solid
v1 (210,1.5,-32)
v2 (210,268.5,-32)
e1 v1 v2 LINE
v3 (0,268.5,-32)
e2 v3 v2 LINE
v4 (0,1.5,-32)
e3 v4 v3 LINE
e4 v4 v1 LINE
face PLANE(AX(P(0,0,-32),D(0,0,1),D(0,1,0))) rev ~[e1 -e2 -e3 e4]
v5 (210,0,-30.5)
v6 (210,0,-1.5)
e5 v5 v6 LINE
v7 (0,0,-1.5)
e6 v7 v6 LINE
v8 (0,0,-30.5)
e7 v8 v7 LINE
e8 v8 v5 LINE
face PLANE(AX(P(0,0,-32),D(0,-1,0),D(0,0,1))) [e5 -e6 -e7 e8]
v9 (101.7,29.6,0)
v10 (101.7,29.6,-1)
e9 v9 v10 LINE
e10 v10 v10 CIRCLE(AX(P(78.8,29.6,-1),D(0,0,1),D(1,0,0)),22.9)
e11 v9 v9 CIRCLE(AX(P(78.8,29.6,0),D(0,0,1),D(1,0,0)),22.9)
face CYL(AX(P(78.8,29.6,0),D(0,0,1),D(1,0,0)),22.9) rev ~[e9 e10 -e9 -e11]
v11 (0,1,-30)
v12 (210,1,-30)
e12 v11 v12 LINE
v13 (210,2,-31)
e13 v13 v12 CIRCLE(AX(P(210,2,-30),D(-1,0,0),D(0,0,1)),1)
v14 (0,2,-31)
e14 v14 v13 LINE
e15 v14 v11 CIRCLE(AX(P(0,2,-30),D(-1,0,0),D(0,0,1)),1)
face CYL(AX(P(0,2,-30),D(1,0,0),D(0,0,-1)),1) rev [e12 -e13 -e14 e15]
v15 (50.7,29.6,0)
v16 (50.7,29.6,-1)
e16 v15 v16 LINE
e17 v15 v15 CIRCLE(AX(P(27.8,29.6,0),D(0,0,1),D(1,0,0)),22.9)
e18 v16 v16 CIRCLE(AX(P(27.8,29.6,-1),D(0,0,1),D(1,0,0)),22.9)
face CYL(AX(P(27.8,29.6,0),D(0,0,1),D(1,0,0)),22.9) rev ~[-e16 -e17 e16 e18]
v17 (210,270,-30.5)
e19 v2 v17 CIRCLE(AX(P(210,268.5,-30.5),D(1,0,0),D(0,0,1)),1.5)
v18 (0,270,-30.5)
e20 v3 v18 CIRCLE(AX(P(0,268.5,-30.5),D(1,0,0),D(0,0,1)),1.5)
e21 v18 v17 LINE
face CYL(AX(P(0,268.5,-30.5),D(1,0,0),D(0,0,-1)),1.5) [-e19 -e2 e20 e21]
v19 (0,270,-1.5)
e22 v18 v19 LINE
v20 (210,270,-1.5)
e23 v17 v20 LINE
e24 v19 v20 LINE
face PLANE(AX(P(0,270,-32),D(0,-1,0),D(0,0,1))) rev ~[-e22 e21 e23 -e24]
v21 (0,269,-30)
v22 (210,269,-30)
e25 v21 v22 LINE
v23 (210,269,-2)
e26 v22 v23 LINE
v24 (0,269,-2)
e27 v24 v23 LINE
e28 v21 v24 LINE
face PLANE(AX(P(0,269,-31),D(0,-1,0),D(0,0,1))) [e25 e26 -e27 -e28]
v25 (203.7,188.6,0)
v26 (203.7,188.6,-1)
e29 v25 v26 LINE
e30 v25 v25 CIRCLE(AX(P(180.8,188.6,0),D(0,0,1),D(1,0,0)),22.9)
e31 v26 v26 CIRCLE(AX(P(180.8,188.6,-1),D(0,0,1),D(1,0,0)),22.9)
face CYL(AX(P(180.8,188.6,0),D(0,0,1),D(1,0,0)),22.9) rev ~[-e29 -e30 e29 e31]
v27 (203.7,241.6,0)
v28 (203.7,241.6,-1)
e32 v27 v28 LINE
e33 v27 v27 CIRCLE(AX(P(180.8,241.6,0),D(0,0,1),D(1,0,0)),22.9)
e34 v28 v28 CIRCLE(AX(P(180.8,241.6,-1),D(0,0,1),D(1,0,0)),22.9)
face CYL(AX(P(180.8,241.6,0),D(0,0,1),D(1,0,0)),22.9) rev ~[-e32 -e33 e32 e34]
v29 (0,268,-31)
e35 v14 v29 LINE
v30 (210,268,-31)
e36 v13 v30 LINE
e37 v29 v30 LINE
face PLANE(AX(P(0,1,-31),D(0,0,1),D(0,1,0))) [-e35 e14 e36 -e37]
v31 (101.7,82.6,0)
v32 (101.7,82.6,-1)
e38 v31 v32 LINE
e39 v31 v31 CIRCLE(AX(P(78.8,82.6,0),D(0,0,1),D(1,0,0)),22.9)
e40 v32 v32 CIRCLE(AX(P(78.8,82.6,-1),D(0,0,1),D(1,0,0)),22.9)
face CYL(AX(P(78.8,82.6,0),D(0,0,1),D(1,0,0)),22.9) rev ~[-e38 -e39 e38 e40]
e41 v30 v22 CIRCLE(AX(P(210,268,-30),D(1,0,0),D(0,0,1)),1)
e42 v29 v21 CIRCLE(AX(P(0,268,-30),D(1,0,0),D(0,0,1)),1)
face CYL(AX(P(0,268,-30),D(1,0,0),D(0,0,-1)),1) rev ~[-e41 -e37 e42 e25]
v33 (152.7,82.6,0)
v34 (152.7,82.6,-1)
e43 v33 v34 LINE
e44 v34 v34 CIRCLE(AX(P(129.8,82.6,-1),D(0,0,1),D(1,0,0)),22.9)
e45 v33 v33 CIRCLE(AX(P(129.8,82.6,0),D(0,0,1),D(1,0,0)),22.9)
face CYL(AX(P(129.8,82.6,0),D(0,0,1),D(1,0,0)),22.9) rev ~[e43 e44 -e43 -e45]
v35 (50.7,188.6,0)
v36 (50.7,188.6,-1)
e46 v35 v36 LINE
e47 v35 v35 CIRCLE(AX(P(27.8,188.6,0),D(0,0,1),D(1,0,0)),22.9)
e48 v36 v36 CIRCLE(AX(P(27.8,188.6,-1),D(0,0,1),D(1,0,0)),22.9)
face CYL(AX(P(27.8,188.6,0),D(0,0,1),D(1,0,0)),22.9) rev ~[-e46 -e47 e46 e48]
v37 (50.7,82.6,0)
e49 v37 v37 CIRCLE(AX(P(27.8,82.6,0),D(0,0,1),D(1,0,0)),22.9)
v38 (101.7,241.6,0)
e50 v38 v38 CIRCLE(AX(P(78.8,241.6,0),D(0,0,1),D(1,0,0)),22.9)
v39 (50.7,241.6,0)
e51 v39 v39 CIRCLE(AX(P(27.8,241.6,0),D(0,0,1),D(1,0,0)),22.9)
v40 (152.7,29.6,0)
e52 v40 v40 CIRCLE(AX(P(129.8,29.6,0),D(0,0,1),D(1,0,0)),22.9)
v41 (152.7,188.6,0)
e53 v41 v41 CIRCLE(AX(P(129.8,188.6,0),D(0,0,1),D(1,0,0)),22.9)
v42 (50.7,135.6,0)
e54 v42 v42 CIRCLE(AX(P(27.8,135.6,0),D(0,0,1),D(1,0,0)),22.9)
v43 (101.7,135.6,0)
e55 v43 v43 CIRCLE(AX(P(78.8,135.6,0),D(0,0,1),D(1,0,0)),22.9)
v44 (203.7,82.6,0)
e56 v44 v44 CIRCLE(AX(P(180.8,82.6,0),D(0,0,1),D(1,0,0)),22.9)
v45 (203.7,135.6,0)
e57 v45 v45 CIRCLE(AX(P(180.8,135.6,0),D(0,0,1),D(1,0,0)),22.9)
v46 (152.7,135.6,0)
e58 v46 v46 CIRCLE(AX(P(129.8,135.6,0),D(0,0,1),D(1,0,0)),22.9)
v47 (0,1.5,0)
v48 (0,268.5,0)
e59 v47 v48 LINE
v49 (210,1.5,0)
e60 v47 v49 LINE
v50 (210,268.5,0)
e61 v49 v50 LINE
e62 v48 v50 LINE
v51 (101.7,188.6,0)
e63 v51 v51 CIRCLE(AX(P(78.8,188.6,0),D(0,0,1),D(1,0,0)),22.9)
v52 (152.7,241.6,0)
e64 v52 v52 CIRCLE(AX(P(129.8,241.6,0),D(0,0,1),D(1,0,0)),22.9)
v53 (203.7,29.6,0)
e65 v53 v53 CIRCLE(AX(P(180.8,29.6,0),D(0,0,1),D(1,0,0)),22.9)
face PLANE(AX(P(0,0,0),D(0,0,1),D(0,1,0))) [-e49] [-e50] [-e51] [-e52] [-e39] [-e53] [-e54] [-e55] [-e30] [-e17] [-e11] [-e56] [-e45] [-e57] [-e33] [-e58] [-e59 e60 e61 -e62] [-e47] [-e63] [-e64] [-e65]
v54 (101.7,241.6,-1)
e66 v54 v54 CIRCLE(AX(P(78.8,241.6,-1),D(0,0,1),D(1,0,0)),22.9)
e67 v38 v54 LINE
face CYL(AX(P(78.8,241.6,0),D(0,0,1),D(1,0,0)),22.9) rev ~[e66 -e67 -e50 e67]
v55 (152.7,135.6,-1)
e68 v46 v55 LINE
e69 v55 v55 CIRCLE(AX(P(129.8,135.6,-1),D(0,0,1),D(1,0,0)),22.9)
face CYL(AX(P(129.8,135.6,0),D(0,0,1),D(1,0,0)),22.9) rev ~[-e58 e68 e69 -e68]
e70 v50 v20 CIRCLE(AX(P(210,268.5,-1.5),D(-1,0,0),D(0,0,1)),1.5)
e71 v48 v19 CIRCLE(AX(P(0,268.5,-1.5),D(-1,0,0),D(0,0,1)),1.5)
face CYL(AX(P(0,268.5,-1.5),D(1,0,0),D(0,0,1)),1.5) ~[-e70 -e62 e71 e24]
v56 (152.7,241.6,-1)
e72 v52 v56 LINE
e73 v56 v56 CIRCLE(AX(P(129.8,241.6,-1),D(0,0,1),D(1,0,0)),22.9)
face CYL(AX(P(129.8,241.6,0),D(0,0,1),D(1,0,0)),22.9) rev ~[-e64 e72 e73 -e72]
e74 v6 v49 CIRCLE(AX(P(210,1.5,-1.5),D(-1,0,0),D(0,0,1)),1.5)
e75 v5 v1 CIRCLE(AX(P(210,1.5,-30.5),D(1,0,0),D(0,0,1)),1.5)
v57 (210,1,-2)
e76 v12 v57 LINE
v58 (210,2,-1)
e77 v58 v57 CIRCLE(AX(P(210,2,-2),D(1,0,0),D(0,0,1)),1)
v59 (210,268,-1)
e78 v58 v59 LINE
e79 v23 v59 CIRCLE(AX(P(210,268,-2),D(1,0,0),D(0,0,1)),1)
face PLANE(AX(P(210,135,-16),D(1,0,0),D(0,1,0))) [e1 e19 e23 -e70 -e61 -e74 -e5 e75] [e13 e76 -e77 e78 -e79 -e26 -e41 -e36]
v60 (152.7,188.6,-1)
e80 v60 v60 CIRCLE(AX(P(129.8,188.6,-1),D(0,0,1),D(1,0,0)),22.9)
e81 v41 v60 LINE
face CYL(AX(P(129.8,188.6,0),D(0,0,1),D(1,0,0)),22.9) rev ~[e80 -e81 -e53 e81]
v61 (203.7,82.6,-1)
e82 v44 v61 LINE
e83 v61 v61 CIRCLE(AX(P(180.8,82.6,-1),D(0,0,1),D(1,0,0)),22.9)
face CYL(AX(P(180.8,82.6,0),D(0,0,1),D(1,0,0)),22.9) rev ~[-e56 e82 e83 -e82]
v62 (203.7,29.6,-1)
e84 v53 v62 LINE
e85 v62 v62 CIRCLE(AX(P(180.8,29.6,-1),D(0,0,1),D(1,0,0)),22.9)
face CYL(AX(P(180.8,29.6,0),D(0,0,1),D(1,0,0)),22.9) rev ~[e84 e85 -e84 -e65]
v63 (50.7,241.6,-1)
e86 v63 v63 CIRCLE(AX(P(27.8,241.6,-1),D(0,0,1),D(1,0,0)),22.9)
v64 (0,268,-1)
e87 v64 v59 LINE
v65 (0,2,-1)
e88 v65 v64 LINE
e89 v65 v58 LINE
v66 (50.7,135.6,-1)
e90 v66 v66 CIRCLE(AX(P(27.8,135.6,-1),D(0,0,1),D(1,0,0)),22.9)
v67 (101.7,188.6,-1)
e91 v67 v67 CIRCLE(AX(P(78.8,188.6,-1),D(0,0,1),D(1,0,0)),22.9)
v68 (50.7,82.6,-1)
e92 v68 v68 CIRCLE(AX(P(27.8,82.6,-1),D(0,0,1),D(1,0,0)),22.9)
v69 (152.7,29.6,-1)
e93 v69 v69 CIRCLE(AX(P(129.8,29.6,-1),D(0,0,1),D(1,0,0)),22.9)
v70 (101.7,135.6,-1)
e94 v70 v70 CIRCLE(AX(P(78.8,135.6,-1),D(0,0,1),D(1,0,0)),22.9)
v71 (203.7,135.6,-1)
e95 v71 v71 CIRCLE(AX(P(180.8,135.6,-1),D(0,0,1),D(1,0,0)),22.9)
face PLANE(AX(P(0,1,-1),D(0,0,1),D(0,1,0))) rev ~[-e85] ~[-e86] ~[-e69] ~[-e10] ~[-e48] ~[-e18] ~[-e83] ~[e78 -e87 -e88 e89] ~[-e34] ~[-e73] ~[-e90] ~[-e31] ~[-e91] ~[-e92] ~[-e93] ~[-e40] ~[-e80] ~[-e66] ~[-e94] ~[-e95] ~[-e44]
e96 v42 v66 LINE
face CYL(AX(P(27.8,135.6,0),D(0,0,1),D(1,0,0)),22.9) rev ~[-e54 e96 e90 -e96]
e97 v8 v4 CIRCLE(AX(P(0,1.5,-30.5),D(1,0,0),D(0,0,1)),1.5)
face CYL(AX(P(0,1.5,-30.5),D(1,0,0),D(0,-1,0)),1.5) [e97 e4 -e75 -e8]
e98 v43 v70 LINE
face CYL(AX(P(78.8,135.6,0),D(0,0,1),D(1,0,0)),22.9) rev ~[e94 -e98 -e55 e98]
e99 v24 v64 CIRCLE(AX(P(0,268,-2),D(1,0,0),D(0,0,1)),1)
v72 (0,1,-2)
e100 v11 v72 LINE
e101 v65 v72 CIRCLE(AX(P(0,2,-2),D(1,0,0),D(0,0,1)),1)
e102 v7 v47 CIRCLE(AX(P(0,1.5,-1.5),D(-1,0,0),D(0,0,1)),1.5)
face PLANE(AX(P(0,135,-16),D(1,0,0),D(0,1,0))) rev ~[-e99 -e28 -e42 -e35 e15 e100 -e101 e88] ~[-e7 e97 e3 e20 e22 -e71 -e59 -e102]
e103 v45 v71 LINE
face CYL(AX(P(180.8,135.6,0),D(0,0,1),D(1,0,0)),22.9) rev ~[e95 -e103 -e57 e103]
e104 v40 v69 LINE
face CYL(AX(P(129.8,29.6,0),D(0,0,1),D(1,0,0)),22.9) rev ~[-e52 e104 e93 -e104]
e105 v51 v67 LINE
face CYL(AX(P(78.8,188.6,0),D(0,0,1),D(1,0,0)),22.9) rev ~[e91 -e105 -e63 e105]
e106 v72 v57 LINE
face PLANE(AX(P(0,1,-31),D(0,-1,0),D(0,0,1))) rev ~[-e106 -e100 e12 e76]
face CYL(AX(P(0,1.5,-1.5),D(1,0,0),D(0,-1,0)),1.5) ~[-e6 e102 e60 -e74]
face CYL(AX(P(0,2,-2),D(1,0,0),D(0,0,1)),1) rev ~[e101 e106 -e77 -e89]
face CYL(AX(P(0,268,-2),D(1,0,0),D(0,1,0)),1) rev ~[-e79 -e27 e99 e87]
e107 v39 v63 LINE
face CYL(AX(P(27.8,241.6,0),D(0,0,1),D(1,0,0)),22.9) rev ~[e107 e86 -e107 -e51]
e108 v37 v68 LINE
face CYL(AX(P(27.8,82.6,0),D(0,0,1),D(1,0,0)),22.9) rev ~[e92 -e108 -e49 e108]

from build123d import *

# Parameters (mm, degrees)
F0_W     = 270
F0_H     = 32
F0_W_2   = 268
F0_H_2   = 30
F1_DEPTH = 210
F2_R     = 22.9
F3_DEPTH = 1
F4_R     = 1.5
F5_R     = 1


with BuildPart() as f1:
    # F0 (on Right) → F1 (new body)
    with BuildSketch(Plane.YZ):
        with Locations((135, -16)):
            Rectangle(F0_W, F0_H)
        with Locations((135, -16)):
            Rectangle(F0_W_2, F0_H_2, mode=Mode.SUBTRACT)
    extrude(amount=F1_DEPTH)

    # F2 (on face) → F3 (cut, through all)
    with BuildSketch(Plane.XY):
        with Locations((27.8, 29.6)):
            Circle(F2_R)
        with Locations((27.8, 82.6)):
            Circle(F2_R)
        with Locations((27.8, 135.6)):
            Circle(F2_R)
        with Locations((27.8, 188.6)):
            Circle(F2_R)
        with Locations((27.8, 241.6)):
            Circle(F2_R)
        with Locations((78.8, 29.6)):
            Circle(F2_R)
        with Locations((78.8, 82.6)):
            Circle(F2_R)
        with Locations((78.8, 135.6)):
            Circle(F2_R)
        with Locations((78.8, 188.6)):
            Circle(F2_R)
        with Locations((78.8, 241.6)):
            Circle(F2_R)
        with Locations((129.8, 29.6)):
            Circle(F2_R)
        with Locations((129.8, 82.6)):
            Circle(F2_R)
        with Locations((129.8, 135.6)):
            Circle(F2_R)
        with Locations((129.8, 188.6)):
            Circle(F2_R)
        with Locations((129.8, 241.6)):
            Circle(F2_R)
        with Locations((180.8, 29.6)):
            Circle(F2_R)
        with Locations((180.8, 82.6)):
            Circle(F2_R)
        with Locations((180.8, 135.6)):
            Circle(F2_R)
        with Locations((180.8, 188.6)):
            Circle(F2_R)
        with Locations((180.8, 241.6)):
            Circle(F2_R)
    extrude(amount=-F3_DEPTH, mode=Mode.SUBTRACT)

    # F4
    f4_edges = [f1.edges().sort_by_distance(p)[0] for p in [
        (105, 270, 0),
        (105, 270, -32),
        (105, 0, -32),
        (105, 0, 0),
    ]]
    fillet(f4_edges, radius=F4_R)

    # F5
    f5_edges = [f1.edges().sort_by_distance(p)[0] for p in [
        (105, 1, -1),
        (105, 1, -31),
        (105, 269, -31),
        (105, 269, -1),
    ]]
    fillet(f5_edges, radius=F5_R)


solid = f1.part
